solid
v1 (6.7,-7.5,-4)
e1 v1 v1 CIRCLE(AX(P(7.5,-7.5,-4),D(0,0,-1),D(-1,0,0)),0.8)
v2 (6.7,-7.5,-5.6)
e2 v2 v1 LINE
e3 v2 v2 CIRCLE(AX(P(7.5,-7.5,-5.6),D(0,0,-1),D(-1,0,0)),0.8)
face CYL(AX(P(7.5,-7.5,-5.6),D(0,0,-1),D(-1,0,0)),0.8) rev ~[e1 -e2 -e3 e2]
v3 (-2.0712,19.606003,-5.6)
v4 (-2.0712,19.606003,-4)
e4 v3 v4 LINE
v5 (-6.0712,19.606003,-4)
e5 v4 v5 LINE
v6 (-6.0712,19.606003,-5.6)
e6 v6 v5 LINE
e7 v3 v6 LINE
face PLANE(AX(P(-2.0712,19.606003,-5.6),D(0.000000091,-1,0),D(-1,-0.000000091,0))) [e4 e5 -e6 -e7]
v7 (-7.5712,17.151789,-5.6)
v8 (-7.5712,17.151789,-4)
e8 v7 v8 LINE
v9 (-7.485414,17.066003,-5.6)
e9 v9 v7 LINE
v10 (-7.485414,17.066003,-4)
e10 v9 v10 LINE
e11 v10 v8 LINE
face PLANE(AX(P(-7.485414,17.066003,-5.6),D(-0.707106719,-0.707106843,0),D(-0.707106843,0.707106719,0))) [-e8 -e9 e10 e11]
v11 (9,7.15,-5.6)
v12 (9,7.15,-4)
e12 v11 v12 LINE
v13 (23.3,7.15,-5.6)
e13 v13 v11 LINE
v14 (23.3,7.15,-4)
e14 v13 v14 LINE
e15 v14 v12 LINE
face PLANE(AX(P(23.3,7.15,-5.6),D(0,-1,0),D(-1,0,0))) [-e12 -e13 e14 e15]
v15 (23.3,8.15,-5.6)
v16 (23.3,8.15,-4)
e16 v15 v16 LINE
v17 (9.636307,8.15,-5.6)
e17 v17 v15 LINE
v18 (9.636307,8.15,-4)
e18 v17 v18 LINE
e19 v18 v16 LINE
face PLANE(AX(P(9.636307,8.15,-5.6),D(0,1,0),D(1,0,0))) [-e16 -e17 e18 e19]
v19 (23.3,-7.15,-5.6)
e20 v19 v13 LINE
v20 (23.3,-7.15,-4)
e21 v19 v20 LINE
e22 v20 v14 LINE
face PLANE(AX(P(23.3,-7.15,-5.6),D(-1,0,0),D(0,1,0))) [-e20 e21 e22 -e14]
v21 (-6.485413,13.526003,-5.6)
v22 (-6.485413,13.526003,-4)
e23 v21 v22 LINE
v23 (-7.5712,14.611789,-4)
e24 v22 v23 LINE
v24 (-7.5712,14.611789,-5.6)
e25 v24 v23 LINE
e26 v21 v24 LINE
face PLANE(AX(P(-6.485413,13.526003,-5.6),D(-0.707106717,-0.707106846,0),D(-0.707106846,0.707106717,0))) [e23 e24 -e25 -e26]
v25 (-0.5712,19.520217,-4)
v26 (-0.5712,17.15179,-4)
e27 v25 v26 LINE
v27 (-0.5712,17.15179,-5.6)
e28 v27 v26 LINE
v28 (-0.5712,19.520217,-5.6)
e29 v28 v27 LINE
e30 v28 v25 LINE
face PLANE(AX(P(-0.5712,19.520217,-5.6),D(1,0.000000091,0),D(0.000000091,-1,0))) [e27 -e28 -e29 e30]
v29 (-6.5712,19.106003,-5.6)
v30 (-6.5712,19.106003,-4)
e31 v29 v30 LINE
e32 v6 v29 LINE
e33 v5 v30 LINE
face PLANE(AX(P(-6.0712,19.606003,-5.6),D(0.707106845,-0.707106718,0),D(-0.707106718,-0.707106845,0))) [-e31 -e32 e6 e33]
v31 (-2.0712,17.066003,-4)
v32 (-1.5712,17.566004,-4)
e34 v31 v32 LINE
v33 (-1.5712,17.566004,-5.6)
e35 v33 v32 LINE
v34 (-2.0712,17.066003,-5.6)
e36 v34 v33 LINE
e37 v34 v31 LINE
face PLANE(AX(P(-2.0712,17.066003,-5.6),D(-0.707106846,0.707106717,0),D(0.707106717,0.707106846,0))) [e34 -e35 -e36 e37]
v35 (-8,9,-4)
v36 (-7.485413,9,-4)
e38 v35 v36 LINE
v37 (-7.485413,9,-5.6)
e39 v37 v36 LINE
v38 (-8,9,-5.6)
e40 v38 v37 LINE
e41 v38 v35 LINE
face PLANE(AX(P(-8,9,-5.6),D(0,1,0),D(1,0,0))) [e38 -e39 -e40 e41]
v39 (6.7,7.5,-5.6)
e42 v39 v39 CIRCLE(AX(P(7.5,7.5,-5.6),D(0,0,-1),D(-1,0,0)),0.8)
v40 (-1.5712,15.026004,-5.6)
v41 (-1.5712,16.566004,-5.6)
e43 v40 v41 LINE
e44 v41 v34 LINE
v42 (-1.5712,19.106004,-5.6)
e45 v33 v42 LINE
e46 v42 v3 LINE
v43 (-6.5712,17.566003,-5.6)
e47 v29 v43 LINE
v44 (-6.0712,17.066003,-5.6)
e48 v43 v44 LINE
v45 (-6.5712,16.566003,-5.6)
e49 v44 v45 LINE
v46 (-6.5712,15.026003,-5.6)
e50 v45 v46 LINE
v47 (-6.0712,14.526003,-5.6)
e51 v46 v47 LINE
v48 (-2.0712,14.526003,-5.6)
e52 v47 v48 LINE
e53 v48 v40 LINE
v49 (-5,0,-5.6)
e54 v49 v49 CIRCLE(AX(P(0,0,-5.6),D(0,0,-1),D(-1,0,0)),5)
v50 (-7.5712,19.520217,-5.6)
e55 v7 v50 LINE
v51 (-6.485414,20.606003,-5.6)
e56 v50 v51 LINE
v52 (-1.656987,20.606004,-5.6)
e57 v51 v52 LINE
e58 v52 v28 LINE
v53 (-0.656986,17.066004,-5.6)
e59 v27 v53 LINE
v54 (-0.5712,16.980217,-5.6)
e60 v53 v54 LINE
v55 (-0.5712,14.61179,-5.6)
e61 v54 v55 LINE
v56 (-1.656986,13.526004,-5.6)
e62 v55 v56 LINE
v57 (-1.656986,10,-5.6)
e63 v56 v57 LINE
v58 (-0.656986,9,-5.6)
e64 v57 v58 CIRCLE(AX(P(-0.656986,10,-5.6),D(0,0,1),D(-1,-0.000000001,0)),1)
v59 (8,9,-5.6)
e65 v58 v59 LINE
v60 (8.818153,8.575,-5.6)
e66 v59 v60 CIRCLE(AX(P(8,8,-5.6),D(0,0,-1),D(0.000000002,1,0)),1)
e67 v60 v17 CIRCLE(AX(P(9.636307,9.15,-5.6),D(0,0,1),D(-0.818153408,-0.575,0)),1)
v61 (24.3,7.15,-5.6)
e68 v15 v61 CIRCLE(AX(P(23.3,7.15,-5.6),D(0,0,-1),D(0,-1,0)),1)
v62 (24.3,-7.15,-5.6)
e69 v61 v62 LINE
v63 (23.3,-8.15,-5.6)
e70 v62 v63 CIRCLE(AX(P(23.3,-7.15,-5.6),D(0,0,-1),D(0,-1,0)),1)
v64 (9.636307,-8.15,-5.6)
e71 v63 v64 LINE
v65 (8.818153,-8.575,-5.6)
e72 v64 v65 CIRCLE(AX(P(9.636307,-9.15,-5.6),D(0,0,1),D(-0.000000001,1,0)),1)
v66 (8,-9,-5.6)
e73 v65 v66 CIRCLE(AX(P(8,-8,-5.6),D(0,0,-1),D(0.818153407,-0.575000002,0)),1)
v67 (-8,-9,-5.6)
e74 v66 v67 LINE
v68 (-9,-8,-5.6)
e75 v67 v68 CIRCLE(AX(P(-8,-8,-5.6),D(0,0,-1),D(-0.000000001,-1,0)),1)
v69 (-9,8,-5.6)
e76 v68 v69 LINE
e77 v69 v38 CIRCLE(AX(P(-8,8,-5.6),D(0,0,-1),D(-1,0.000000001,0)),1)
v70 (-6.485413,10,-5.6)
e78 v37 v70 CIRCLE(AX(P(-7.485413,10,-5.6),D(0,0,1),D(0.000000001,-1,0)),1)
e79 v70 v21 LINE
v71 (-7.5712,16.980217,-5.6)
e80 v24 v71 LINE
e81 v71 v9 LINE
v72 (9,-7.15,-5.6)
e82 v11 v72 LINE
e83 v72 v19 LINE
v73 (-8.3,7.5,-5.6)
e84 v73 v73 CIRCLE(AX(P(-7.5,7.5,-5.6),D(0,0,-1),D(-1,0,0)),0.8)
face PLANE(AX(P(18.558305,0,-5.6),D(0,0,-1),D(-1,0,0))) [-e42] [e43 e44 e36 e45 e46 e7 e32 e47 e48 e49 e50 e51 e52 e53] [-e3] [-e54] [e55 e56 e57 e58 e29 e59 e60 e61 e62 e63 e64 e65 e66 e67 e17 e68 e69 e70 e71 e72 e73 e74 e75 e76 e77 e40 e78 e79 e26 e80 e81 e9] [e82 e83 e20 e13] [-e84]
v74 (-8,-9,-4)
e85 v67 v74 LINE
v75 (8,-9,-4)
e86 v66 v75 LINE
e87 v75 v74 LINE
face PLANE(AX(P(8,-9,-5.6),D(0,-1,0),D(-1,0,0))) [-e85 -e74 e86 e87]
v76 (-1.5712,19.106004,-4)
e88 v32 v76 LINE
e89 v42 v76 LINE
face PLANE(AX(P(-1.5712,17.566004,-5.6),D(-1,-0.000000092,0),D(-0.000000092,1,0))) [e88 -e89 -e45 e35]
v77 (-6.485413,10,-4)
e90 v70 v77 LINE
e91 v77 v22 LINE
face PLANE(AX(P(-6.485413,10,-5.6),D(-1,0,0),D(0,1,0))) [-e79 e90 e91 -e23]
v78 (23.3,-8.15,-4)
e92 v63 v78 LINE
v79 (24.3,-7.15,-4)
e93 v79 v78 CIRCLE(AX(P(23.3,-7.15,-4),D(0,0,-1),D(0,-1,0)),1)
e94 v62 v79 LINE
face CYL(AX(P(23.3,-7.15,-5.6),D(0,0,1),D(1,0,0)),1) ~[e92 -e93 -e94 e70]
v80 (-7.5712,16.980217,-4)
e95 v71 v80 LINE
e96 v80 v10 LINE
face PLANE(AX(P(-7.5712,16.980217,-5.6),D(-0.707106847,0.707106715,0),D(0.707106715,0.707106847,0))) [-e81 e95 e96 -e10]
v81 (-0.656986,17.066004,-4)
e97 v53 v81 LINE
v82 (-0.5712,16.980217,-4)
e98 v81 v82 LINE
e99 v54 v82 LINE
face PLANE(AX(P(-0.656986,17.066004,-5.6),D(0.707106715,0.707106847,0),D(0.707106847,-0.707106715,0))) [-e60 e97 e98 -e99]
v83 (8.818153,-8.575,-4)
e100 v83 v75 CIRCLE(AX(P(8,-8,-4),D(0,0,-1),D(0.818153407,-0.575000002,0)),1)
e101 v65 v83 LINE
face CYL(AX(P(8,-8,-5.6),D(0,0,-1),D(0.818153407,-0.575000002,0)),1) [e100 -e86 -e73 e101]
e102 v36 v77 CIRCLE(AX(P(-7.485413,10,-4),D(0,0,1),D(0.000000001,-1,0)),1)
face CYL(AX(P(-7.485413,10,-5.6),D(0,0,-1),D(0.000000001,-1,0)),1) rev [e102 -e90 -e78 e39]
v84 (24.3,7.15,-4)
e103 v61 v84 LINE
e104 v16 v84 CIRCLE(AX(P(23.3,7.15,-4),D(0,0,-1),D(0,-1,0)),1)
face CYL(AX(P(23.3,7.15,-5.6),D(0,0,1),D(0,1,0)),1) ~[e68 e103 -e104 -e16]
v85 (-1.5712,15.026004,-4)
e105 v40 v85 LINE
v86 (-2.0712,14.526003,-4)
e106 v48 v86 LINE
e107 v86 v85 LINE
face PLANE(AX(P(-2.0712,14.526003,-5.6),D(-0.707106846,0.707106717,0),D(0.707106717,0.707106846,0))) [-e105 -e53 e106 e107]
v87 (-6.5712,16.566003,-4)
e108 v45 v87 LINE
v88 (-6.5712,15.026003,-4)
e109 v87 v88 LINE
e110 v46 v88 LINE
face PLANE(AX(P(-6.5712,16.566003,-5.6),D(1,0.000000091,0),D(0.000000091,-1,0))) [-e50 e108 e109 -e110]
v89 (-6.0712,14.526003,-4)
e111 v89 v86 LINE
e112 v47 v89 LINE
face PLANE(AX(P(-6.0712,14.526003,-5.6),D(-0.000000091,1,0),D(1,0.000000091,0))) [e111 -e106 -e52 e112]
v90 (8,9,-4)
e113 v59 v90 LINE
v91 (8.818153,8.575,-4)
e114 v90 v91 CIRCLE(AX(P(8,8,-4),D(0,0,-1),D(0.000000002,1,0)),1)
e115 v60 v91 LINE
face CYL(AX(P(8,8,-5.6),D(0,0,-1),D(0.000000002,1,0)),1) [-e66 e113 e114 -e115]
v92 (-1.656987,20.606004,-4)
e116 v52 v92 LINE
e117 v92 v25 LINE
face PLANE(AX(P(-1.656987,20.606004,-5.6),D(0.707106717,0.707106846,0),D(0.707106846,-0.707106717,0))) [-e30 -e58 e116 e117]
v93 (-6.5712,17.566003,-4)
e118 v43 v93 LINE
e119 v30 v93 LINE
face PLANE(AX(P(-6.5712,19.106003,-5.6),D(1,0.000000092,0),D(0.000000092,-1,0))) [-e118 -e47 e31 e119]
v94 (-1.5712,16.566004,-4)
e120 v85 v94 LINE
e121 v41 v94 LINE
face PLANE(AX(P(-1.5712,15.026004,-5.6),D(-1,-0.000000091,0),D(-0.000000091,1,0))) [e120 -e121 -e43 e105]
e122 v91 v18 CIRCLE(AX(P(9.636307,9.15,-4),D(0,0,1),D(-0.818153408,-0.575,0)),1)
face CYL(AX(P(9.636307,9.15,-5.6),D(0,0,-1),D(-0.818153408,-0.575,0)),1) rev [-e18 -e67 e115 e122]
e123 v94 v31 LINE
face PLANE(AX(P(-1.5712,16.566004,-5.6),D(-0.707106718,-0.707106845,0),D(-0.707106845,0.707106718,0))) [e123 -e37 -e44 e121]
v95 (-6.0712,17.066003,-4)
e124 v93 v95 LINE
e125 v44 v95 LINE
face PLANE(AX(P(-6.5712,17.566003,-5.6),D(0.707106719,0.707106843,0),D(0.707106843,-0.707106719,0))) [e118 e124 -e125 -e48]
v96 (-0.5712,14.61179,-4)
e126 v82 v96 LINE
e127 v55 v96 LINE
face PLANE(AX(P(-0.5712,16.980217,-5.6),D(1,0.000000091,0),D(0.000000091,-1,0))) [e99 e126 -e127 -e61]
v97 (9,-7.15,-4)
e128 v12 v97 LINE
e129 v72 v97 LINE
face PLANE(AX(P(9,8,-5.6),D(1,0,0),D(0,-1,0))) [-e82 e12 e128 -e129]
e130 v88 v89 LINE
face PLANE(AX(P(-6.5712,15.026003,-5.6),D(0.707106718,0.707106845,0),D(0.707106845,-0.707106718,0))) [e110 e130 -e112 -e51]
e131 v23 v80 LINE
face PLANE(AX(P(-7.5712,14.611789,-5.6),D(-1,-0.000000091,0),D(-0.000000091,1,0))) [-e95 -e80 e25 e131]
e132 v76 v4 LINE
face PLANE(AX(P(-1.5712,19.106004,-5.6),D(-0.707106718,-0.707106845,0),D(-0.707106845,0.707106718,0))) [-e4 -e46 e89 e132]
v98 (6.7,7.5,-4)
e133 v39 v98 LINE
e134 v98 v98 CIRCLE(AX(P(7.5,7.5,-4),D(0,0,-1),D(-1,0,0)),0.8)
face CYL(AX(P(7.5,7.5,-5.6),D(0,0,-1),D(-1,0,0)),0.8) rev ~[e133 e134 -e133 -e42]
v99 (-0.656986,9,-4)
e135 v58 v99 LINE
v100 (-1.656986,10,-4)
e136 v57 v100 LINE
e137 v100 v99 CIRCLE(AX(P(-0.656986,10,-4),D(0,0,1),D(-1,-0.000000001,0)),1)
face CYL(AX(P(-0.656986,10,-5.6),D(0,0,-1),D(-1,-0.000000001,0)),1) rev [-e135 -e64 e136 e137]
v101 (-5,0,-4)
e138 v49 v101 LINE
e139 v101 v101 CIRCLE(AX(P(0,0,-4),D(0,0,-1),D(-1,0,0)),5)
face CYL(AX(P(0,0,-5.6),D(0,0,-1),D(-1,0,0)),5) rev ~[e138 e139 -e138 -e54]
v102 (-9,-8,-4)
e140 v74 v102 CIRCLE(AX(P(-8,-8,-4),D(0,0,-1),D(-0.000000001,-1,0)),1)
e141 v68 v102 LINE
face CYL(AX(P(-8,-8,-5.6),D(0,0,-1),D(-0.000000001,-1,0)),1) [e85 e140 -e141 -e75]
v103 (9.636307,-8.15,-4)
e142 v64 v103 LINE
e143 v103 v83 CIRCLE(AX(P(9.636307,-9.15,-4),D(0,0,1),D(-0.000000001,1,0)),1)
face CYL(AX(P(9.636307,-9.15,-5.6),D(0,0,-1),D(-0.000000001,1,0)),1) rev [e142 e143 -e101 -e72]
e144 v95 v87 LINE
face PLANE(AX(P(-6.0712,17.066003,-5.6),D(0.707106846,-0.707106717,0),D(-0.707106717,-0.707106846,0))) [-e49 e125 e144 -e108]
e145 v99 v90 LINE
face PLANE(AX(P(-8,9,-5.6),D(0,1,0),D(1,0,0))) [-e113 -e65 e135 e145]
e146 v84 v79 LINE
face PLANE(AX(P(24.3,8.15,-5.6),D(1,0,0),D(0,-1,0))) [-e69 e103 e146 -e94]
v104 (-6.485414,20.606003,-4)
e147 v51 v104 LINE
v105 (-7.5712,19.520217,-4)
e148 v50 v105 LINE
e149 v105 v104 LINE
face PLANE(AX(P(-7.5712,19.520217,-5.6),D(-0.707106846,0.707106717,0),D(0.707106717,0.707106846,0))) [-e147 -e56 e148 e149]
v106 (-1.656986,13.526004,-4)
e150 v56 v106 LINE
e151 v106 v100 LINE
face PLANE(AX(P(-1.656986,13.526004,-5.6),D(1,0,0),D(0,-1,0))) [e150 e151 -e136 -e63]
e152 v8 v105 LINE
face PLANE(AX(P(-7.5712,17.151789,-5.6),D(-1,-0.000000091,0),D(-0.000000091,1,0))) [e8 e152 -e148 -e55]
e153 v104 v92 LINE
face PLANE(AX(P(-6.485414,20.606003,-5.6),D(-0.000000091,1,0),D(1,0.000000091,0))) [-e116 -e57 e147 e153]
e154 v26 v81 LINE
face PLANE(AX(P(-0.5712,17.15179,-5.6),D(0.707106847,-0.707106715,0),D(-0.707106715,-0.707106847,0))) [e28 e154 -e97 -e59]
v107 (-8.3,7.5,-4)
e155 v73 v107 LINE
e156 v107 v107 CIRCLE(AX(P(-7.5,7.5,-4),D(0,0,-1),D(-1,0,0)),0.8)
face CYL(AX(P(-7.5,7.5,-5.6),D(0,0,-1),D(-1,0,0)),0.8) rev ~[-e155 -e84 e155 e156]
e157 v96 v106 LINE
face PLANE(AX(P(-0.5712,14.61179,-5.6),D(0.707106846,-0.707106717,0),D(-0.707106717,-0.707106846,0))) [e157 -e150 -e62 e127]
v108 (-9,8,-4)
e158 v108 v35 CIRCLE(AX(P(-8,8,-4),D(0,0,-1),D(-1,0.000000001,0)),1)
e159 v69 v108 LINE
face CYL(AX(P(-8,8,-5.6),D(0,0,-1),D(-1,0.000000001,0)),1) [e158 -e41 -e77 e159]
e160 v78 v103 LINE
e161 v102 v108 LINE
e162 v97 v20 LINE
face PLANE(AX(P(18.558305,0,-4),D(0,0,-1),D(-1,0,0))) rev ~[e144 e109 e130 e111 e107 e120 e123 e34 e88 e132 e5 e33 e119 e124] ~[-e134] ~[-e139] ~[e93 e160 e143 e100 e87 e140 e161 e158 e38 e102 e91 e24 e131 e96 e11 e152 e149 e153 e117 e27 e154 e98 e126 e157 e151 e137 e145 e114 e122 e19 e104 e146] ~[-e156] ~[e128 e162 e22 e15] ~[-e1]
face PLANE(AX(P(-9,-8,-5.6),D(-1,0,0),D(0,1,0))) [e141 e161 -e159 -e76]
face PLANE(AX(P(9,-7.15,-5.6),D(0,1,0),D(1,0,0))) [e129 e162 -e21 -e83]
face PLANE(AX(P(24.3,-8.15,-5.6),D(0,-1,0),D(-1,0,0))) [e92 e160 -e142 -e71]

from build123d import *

# Parameters (mm, degrees)
SKETCH2_R           = 5
BOSS_EXTRUDE1_DEPTH = 1.6
SKETCH4_R           = 0.8
CUT_EXTRUDE1_DEPTH  = 32.900742651
FILLET1_R           = 1


with BuildPart() as part:
    # Sketch2 → Boss-Extrude1 (new body)
    # profile 1 of 3: a face of its own
    with BuildSketch(Plane(origin=(0, 0, -5.6), x_dir=(-1, 0, 0), z_dir=(0, 0, -1))):
        with BuildLine():
            Line((-9, -8), (-9, -7.15))
            Line((-9, -7.15), (-23.3, -7.15))
            Line((-23.3, -7.15), (-23.3, 7.15))
            Line((-23.3, 7.15), (-9, 7.15))
            Line((-9, 7.15), (-9, 8))
            ThreePointArc((-9, 8), (-8.95345514, 8.3015349), (-8.818153409, 8.575))
            ThreePointArc((-8.818153409, 8.575), (-9.175329594, 8.262588033), (-9.636306817, 8.15))
            Line((-9.636306817, 8.15), (-24.3, 8.15))
            Line((-24.3, 8.15), (-24.3, -8.15))
            Line((-24.3, -8.15), (-9.636306817, -8.15))
            ThreePointArc((-9.636306817, -8.15), (-9.175329594, -8.262588033), (-8.818153409, -8.575))
            ThreePointArc((-8.818153409, -8.575), (-8.95345514, -8.3015349), (-9, -8))
        make_face()
    # profile 2 of 3: a face of its own
    with BuildSketch(Plane(origin=(0, 0, -5.6), x_dir=(-1, 0, 0), z_dir=(0, 0, -1))):
        with BuildLine():
            Line((-9, 7.15), (-9, -7.15))
            Line((-9, -7.15), (-9, -8))
            ThreePointArc((-9, -8), (-8.95345514, -8.3015349), (-8.818153409, -8.575))
            ThreePointArc((-8.818153409, -8.575), (-8.460977223, -8.887411967), (-8, -9))
            Line((-8, -9), (-2, -9))
            Line((-2, -9), (2, -9))
            Line((2, -9), (8, -9))
            ThreePointArc((8, -9), (8.707106781, -8.707106781), (9, -8))
            Line((9, -8), (9, -2))
            Line((9, -2), (9, 2))
            Line((9, 2), (9, 8))
            ThreePointArc((9, 8), (8.707106781, 8.707106781), (8, 9))
            Line((8, 9), (7.485413277, 9))
            Line((7.485413277, 9), (0.656986152, 9))
            Line((0.656986152, 9), (-2, 9))
            Line((-2, 9), (-8, 9))
            ThreePointArc((-8, 9), (-8.460977223, 8.887411967), (-8.818153409, 8.575))
            ThreePointArc((-8.818153409, 8.575), (-8.95345514, 8.3015349), (-9, 8))
            Line((-9, 8), (-9, 7.15))
        make_face()
        Circle(SKETCH2_R, mode=Mode.SUBTRACT)
    # profile 3 of 3: a face of its own
    with BuildSketch(Plane(origin=(0, 0, -5.6), x_dir=(-1, 0, 0), z_dir=(0, 0, -1))):
        with BuildLine():
            ThreePointArc((1.656986152, 10), (1.364092933, 9.292893219), (0.656986152, 9))
            Line((0.656986152, 9), (7.485413277, 9))
            ThreePointArc((7.485413277, 9), (6.778306496, 9.292893219), (6.485413277, 10))
            Line((6.485413277, 10), (6.485413277, 13.526003096))
            Line((6.485413277, 13.526003096), (7.571199814, 14.611789435))
            Line((7.571199814, 14.611789435), (7.571200029, 16.980216561))
            Line((7.571200029, 16.980216561), (7.4854136, 17.066003006))
            Line((7.4854136, 17.066003006), (7.571200045, 17.151789436))
            Line((7.571200045, 17.151789436), (7.57120026, 19.52021656))
            Line((7.57120026, 19.52021656), (6.485413922, 20.606003096))
            Line((6.485413922, 20.606003096), (1.656986797, 20.606003536))
            Line((1.656986797, 20.606003536), (0.57120026, 19.520217197))
            Line((0.57120026, 19.520217197), (0.571200045, 17.151790072))
            Line((0.571200045, 17.151790072), (0.656986475, 17.066003626))
            Line((0.656986475, 17.066003626), (0.571200029, 16.980217196))
            Line((0.571200029, 16.980217196), (0.571199814, 14.611790072))
            Line((0.571199814, 14.611790072), (1.656986152, 13.526003536))
            Line((1.656986152, 13.526003536), (1.656986152, 10))
        make_face()
        Polygon((1.571199851, 15.026003543), (1.571199991, 16.566003543), (2.071200036, 17.066003498), (1.571200082, 17.566003543), (1.571200223, 19.106003543), (2.071200268, 19.606003498), (6.071200269, 19.606003133), (6.571200223, 19.106003089), (6.571200082, 17.566003089), (6.071200038, 17.066003133), (6.571199991, 16.566003089), (6.571199851, 15.026003089), (6.071199806, 14.526003134), (2.071199805, 14.526003498), align=None, mode=Mode.SUBTRACT)
    extrude(amount=-BOSS_EXTRUDE1_DEPTH)

    # Sketch4 → Cut-Extrude1 (cut, through all)
    with BuildSketch(Plane(origin=(0, 0, -5.6), x_dir=(-1, 0, 0), z_dir=(0, 0, -1))):
        with Locations((-7.5, 7.5)):
            Circle(SKETCH4_R)
        with Locations((-7.5, -7.5)):
            Circle(SKETCH4_R)
        with Locations((7.5, 7.5)):
            Circle(SKETCH4_R)
    extrude(amount=-CUT_EXTRUDE1_DEPTH, mode=Mode.SUBTRACT)

    # Fillet1
    fillet1_edges = [part.edges().sort_by_distance(p)[0] for p in [
        (24.3, -8.15, -4.8),
        (24.3, 8.15, -4.8),
    ]]
    fillet(fillet1_edges, radius=FILLET1_R)


solid = part.part
